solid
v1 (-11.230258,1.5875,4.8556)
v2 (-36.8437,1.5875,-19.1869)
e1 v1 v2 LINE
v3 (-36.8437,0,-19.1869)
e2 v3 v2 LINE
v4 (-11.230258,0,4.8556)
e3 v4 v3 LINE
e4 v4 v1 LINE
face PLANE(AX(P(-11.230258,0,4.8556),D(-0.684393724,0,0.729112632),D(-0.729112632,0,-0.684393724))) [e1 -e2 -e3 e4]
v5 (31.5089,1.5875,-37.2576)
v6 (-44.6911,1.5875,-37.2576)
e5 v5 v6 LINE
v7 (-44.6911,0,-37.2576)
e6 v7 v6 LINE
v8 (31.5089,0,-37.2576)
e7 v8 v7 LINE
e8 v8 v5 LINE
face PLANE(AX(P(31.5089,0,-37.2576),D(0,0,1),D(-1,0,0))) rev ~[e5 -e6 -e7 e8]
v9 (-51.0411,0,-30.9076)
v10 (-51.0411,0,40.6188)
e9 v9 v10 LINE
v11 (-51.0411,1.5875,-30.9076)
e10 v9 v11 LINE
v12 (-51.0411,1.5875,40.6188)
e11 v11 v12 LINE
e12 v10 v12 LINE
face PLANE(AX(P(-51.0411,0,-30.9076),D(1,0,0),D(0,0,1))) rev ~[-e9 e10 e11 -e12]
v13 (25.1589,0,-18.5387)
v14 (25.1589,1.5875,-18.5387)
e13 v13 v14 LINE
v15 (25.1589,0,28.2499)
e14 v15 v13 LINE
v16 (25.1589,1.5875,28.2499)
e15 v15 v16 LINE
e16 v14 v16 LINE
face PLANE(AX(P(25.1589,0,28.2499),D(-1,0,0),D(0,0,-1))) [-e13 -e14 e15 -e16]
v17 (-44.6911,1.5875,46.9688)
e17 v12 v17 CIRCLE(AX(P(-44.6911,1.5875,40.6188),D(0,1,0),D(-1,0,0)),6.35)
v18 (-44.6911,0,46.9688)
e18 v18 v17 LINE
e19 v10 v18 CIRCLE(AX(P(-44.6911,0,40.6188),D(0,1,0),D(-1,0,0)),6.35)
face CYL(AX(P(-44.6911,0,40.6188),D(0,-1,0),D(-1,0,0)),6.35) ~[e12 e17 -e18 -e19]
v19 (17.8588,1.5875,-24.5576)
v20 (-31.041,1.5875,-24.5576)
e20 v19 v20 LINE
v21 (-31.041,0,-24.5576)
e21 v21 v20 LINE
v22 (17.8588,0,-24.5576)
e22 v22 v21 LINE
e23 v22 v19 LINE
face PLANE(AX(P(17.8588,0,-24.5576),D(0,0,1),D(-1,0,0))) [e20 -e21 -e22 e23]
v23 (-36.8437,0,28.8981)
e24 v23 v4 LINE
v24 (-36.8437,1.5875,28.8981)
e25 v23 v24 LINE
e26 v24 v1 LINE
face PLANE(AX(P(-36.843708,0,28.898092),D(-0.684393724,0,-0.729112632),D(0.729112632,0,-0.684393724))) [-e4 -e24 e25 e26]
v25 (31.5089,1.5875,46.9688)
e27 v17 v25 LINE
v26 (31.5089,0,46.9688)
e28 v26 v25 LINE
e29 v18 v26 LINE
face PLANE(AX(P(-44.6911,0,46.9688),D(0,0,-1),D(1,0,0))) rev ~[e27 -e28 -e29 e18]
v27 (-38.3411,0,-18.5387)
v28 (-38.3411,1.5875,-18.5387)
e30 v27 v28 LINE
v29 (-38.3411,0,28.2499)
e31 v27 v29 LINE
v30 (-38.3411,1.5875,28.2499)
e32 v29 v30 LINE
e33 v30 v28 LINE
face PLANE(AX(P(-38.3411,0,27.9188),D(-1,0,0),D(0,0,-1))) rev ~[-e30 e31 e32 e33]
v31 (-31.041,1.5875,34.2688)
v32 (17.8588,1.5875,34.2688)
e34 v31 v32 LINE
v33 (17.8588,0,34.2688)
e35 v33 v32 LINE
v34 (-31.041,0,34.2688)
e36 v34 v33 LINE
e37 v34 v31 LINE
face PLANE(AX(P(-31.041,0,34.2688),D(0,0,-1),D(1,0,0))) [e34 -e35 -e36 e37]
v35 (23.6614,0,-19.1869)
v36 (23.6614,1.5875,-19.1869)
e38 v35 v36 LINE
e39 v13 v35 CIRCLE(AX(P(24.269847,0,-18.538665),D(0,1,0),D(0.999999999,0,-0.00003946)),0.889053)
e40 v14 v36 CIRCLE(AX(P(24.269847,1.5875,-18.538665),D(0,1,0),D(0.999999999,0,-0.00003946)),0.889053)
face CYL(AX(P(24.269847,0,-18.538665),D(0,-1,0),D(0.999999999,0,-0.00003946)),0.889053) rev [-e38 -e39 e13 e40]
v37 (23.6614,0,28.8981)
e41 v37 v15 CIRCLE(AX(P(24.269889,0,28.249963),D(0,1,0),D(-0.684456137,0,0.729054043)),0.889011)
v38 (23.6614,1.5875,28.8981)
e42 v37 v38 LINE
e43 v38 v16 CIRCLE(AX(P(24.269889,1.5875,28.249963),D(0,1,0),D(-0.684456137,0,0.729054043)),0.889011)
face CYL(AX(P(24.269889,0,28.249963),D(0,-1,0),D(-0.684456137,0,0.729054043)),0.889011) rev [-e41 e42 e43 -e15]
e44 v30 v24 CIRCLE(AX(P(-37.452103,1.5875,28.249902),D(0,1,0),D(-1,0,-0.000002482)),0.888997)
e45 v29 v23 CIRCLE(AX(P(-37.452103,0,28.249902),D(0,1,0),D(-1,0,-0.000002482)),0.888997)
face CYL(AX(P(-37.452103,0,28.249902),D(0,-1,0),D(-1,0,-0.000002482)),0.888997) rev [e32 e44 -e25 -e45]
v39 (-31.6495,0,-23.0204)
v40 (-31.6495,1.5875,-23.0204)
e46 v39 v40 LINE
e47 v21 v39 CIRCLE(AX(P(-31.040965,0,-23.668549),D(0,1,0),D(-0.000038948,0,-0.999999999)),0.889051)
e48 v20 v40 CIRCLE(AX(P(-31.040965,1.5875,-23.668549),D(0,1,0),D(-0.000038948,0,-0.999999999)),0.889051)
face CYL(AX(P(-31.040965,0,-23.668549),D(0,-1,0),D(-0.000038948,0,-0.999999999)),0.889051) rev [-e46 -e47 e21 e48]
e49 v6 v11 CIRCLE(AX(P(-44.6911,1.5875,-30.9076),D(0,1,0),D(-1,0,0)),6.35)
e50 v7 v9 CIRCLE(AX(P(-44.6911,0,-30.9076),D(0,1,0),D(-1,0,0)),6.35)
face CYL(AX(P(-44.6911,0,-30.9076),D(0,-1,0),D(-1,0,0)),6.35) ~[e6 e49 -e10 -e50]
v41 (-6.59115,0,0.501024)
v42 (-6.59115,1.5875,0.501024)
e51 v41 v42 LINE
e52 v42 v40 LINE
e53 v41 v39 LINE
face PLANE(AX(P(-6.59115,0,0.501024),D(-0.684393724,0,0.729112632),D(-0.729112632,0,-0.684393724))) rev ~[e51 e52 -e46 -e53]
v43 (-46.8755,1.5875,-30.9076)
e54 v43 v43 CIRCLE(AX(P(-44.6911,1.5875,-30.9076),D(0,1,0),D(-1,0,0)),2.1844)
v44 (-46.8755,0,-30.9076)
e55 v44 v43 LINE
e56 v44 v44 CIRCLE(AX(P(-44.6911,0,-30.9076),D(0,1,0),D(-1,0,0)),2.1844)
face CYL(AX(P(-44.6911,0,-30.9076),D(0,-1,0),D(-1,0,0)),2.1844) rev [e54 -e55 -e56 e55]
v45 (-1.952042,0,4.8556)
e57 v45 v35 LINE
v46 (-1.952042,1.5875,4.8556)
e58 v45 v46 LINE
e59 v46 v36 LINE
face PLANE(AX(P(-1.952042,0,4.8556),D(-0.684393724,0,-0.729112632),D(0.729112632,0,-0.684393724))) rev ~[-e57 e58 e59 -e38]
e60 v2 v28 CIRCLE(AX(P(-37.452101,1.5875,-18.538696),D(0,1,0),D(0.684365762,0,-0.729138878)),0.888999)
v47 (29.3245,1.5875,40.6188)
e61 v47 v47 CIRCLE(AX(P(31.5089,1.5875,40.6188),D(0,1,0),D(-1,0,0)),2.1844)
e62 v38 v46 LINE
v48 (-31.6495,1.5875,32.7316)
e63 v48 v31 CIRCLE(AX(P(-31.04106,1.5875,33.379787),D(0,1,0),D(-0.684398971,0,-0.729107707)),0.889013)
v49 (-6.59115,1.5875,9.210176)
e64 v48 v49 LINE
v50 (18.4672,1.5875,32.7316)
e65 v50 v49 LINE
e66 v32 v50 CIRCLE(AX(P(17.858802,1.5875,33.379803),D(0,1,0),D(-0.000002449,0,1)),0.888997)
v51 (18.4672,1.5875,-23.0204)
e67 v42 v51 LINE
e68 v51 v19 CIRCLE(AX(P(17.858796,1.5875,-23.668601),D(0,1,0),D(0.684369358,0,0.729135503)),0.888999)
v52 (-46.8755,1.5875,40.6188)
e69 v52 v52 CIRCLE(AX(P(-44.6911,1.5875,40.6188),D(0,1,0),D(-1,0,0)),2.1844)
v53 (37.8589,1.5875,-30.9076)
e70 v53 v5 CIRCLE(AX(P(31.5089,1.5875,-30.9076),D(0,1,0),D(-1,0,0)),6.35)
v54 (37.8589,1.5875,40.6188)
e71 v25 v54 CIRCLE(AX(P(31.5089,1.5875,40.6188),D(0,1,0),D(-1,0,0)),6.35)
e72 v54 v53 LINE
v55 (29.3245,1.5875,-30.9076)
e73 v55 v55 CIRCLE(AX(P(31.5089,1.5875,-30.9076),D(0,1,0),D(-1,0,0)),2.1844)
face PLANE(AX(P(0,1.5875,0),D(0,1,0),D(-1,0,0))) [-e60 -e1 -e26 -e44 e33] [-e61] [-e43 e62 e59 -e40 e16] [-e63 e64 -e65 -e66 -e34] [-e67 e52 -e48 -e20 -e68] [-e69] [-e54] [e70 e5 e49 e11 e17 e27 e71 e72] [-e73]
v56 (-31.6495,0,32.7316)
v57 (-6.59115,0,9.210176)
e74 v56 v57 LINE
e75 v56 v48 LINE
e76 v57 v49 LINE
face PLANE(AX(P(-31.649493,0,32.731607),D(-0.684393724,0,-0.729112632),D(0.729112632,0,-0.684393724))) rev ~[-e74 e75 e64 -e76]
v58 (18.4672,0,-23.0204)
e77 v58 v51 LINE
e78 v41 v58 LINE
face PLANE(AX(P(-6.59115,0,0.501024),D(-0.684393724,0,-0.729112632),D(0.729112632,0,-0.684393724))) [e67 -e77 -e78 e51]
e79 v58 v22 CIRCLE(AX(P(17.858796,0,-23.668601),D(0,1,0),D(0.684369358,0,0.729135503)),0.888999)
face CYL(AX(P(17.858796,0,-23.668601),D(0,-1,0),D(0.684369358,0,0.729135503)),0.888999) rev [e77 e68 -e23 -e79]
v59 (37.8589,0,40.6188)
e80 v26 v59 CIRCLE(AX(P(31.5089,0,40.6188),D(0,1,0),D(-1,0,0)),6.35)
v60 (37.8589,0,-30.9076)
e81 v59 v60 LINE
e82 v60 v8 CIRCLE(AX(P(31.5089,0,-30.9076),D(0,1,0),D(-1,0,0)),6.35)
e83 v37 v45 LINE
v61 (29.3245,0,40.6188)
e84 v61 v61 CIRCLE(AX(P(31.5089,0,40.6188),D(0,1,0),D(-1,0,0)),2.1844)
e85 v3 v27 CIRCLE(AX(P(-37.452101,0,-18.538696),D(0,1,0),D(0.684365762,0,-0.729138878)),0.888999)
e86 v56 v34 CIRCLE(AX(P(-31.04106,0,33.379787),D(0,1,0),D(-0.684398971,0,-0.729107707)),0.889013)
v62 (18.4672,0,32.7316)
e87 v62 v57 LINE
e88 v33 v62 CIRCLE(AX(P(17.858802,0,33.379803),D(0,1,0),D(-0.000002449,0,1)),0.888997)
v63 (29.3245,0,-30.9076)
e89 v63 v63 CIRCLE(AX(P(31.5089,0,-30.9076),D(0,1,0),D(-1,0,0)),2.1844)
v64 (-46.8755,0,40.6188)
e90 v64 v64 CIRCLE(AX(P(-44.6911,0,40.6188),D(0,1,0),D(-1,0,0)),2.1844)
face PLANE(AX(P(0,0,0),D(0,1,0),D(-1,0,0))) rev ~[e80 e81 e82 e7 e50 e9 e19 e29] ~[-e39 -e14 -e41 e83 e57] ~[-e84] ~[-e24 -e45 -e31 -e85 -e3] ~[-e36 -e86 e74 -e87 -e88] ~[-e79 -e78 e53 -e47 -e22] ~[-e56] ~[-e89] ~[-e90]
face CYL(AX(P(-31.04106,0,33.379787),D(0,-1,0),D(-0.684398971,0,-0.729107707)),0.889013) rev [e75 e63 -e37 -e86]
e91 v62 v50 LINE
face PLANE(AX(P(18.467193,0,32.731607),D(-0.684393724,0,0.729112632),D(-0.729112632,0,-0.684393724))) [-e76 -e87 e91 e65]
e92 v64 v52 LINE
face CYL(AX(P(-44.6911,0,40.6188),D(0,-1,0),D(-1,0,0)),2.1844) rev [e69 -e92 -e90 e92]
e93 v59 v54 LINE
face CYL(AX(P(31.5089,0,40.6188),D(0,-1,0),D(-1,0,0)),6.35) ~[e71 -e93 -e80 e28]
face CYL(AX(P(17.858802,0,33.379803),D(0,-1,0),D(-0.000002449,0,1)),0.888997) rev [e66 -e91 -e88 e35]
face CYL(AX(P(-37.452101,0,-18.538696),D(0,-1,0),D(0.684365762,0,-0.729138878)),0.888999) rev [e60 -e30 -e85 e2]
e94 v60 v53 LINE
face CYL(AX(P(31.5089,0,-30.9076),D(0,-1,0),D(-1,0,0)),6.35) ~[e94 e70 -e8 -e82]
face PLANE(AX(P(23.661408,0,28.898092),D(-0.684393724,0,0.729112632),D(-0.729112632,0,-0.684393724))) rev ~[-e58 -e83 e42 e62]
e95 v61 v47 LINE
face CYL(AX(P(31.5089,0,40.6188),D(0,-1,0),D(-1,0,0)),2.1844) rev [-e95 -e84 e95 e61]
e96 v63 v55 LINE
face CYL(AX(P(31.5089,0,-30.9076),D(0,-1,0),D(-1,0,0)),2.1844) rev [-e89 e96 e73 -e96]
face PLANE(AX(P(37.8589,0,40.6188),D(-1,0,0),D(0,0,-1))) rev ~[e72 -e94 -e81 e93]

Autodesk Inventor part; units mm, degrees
ref_plane "YZ Plane" through (0, 0, 0) normal (1, 0, 0) x (0, 1, 0)
ref_plane "XZ Plane" through (0, 0, 0) normal (0, 1, 0) x (-1, 0, 0)
ref_plane "XY Plane" through (0, 0, 0) normal (0, 0, 1) x (1, 0, 0)
sketch "Sketch1" plane through (0, 0, 0) normal (0, 1, 0) x (-1, 0, 0)
  circle A0 centre (-31.5089, -30.9076) radius 2.1844
  circle A1 centre (-31.5089, 40.6188) radius 2.1844
  circle A2 centre (44.6911, -30.9076) radius 2.1844
  circle A3 centre (44.6911, 40.6188) radius 2.1844
  circle A4 centre (44.6911, 40.6188) radius 6.35
  circle A5 centre (44.6911, -30.9076) radius 6.35
  circle A6 centre (-31.5089, -30.9076) radius 6.35
  circle A7 centre (-31.5089, 40.6188) radius 6.35
  line L0 (44.6911, 46.9688) -> (-31.5089, 46.9688)
  line L1 (-37.8589, 40.6188) -> (-37.8589, -30.9076)
  line L2 (-31.5089, -37.2576) -> (44.6911, -37.2576)
  line L3 (51.0411, -30.9076) -> (51.0411, 40.6188)
  line L4 (44.6911, 34.2688) -> (-31.5089, 34.2688)
  line L5 (-25.1589, 40.6188) -> (-25.1589, -30.9076)
  line L6 (-31.5089, -24.5576) -> (44.6911, -24.5576)
  line L7 (38.3411, 40.6188) -> (38.3411, -30.9076)
  line L8 (38.3411, 35.5878) -> (38.3411, 29.2378)
  line L9 (-25.1589, -24.5576) -> (-25.1589, -18.2076)
  line L10 (-25.1589, 34.2688) -> (-25.1589, 27.9188)
  line L11 (38.3411, -24.5576) -> (38.3411, -21.3826)
  line L12 (38.3411, -24.5576) -> (35.1661, -24.5576)
  line L13 (38.3411, 34.2688) -> (38.3411, 27.9188)
  line L14 (38.3411, -24.5576) -> (31.9911, -24.5576)
  circle A8 centre (-31.5089, 40.6188) radius 3.175
  circle A9 centre (44.6911, 40.6188) radius 3.175
  circle A10 centre (44.6911, -30.9076) radius 3.175
  circle A11 centre (-31.5089, -30.9076) radius 3.175
  line L15 (42.5182, 42.9337) -> (-33.6818, -28.5927)
  line L16 (46.8641, 38.3039) -> (-29.3359, -33.2225)
  line L17 (-29.3359, 42.9337) -> (46.8641, -28.5927)
  line L18 (-33.6818, 38.3039) -> (42.5182, -33.2225)
  arc A12 (31.6495, 32.7316) -> (31.041, 34.2688) centre (31.041, 33.3798) ccw
  arc A13 (38.3411, 28.2499) -> (36.8437, 28.8981) centre (37.4521, 28.2499) ccw
  arc A14 (36.8437, -19.1869) -> (38.3411, -18.5387) centre (37.4521, -18.5387) ccw
  arc A15 (31.041, -24.5576) -> (31.6495, -23.0204) centre (31.041, -23.6686) ccw
  arc A16 (-17.8588, 34.2688) -> (-18.4672, 32.7316) centre (-17.8588, 33.3798) ccw
  arc A17 (-23.6614, 28.8981) -> (-25.1589, 28.2499) centre (-24.2699, 28.2499) ccw
  arc A18 (-25.1589, -18.5387) -> (-23.6614, -19.1869) centre (-24.2699, -18.5387) ccw
  arc A19 (-18.4672, -23.0204) -> (-17.8588, -24.5576) centre (-17.8588, -23.6686) ccw
  point P0 (-25.1589, 30.3037)
  point P1 (1.952, 4.8556)
  point P2 (-25.1589, -20.5925)
  point P3 (-20.1048, 34.2688)
  point P4 (33.2871, 34.2688)
  point P5 (6.5911, 9.2102)
  point P6 (6.5911, 0.501)
  point P7 (-20.1048, -24.5576)
  point P8 (11.2303, 4.8556)
  point P9 (-25.1589, 28.2499)
  point P10 (-25.1589, -18.5387)
  dimension "d0" = 12.7
  dimension "d1" = 12.7
  dimension "d2" = 12.7
  dimension "d3" = 12.7
  dimension "d8" = 6.35
  dimension "d11" = 6.35
  dimension "d14" = 6.35
  dimension "d16" = 6.35
  dimension "d17" = 6.35
  dimension "d18" = 6.35
  dimension "d19" = 6.35
  dimension "d20" = 6.35
  dimension "d21" = 0.889
  dimension "d22" = 0.889
  dimension "d23" = 0.889
  dimension "d24" = 0.889
  dimension "d25" = 0.889
  dimension "d26" = 0.889
  dimension "d27" = 0.889
  dimension "d28" = 0.889
extrude "Extrusion1" add sketch "Sketch1" along normal blind 1.5875 contours A4 L16 A9 L15 | L3 A5 L6 L17 L7 L16 L4 A4 | A4 L7 L15 L4 L17 L5 A7 L0 | L4 L16 A4 | A5 L18 A10 L17 | A4 L15 L7 | A7 L17 A8 L18 | L16 L4 L7 L15 A4 | A4 L15 A9 L16 | L16 L7 L4 | A5 L17 L6 | L2 A6 L5 L16 L6 L18 L7 A5 | L7 L4 L15 | L5 L17 A7 | A7 L4 L18 L5 L15 L6 A6 L1 | A9 | L7 L16 L17 L15 L4 | L7 A13 L16 | L17 A10 L18 A5 | A5 L18 L7 L6 L17 | L6 L7 L17 | L7 L18 A5 | A6 L15 A11 L16 | L15 A12 L4 | L17 L5 L4 L18 A7 | A7 L18 A8 L17 | L17 L4 L5 | A7 L18 L4 | A10 | L7 L18 L6 | L6 L18 L16 L17 L7 | L17 A14 L7 | A6 L16 L5 | A8 | L5 L18 L4 | L4 L17 L15 L18 L5 | L4 A16 L17 | L6 L15 A6 | L16 L18 L15 L17 | L6 A15 L18 | L16 A11 L15 A6 | A6 L15 L6 L5 L16 | L5 L6 L16 | L18 A17 L5 | L15 L5 L6 | L16 L6 L5 L15 L18 | A11 | L16 A19 L6 | L5 A18 L15
properties part number "Hookcrossbrace"
